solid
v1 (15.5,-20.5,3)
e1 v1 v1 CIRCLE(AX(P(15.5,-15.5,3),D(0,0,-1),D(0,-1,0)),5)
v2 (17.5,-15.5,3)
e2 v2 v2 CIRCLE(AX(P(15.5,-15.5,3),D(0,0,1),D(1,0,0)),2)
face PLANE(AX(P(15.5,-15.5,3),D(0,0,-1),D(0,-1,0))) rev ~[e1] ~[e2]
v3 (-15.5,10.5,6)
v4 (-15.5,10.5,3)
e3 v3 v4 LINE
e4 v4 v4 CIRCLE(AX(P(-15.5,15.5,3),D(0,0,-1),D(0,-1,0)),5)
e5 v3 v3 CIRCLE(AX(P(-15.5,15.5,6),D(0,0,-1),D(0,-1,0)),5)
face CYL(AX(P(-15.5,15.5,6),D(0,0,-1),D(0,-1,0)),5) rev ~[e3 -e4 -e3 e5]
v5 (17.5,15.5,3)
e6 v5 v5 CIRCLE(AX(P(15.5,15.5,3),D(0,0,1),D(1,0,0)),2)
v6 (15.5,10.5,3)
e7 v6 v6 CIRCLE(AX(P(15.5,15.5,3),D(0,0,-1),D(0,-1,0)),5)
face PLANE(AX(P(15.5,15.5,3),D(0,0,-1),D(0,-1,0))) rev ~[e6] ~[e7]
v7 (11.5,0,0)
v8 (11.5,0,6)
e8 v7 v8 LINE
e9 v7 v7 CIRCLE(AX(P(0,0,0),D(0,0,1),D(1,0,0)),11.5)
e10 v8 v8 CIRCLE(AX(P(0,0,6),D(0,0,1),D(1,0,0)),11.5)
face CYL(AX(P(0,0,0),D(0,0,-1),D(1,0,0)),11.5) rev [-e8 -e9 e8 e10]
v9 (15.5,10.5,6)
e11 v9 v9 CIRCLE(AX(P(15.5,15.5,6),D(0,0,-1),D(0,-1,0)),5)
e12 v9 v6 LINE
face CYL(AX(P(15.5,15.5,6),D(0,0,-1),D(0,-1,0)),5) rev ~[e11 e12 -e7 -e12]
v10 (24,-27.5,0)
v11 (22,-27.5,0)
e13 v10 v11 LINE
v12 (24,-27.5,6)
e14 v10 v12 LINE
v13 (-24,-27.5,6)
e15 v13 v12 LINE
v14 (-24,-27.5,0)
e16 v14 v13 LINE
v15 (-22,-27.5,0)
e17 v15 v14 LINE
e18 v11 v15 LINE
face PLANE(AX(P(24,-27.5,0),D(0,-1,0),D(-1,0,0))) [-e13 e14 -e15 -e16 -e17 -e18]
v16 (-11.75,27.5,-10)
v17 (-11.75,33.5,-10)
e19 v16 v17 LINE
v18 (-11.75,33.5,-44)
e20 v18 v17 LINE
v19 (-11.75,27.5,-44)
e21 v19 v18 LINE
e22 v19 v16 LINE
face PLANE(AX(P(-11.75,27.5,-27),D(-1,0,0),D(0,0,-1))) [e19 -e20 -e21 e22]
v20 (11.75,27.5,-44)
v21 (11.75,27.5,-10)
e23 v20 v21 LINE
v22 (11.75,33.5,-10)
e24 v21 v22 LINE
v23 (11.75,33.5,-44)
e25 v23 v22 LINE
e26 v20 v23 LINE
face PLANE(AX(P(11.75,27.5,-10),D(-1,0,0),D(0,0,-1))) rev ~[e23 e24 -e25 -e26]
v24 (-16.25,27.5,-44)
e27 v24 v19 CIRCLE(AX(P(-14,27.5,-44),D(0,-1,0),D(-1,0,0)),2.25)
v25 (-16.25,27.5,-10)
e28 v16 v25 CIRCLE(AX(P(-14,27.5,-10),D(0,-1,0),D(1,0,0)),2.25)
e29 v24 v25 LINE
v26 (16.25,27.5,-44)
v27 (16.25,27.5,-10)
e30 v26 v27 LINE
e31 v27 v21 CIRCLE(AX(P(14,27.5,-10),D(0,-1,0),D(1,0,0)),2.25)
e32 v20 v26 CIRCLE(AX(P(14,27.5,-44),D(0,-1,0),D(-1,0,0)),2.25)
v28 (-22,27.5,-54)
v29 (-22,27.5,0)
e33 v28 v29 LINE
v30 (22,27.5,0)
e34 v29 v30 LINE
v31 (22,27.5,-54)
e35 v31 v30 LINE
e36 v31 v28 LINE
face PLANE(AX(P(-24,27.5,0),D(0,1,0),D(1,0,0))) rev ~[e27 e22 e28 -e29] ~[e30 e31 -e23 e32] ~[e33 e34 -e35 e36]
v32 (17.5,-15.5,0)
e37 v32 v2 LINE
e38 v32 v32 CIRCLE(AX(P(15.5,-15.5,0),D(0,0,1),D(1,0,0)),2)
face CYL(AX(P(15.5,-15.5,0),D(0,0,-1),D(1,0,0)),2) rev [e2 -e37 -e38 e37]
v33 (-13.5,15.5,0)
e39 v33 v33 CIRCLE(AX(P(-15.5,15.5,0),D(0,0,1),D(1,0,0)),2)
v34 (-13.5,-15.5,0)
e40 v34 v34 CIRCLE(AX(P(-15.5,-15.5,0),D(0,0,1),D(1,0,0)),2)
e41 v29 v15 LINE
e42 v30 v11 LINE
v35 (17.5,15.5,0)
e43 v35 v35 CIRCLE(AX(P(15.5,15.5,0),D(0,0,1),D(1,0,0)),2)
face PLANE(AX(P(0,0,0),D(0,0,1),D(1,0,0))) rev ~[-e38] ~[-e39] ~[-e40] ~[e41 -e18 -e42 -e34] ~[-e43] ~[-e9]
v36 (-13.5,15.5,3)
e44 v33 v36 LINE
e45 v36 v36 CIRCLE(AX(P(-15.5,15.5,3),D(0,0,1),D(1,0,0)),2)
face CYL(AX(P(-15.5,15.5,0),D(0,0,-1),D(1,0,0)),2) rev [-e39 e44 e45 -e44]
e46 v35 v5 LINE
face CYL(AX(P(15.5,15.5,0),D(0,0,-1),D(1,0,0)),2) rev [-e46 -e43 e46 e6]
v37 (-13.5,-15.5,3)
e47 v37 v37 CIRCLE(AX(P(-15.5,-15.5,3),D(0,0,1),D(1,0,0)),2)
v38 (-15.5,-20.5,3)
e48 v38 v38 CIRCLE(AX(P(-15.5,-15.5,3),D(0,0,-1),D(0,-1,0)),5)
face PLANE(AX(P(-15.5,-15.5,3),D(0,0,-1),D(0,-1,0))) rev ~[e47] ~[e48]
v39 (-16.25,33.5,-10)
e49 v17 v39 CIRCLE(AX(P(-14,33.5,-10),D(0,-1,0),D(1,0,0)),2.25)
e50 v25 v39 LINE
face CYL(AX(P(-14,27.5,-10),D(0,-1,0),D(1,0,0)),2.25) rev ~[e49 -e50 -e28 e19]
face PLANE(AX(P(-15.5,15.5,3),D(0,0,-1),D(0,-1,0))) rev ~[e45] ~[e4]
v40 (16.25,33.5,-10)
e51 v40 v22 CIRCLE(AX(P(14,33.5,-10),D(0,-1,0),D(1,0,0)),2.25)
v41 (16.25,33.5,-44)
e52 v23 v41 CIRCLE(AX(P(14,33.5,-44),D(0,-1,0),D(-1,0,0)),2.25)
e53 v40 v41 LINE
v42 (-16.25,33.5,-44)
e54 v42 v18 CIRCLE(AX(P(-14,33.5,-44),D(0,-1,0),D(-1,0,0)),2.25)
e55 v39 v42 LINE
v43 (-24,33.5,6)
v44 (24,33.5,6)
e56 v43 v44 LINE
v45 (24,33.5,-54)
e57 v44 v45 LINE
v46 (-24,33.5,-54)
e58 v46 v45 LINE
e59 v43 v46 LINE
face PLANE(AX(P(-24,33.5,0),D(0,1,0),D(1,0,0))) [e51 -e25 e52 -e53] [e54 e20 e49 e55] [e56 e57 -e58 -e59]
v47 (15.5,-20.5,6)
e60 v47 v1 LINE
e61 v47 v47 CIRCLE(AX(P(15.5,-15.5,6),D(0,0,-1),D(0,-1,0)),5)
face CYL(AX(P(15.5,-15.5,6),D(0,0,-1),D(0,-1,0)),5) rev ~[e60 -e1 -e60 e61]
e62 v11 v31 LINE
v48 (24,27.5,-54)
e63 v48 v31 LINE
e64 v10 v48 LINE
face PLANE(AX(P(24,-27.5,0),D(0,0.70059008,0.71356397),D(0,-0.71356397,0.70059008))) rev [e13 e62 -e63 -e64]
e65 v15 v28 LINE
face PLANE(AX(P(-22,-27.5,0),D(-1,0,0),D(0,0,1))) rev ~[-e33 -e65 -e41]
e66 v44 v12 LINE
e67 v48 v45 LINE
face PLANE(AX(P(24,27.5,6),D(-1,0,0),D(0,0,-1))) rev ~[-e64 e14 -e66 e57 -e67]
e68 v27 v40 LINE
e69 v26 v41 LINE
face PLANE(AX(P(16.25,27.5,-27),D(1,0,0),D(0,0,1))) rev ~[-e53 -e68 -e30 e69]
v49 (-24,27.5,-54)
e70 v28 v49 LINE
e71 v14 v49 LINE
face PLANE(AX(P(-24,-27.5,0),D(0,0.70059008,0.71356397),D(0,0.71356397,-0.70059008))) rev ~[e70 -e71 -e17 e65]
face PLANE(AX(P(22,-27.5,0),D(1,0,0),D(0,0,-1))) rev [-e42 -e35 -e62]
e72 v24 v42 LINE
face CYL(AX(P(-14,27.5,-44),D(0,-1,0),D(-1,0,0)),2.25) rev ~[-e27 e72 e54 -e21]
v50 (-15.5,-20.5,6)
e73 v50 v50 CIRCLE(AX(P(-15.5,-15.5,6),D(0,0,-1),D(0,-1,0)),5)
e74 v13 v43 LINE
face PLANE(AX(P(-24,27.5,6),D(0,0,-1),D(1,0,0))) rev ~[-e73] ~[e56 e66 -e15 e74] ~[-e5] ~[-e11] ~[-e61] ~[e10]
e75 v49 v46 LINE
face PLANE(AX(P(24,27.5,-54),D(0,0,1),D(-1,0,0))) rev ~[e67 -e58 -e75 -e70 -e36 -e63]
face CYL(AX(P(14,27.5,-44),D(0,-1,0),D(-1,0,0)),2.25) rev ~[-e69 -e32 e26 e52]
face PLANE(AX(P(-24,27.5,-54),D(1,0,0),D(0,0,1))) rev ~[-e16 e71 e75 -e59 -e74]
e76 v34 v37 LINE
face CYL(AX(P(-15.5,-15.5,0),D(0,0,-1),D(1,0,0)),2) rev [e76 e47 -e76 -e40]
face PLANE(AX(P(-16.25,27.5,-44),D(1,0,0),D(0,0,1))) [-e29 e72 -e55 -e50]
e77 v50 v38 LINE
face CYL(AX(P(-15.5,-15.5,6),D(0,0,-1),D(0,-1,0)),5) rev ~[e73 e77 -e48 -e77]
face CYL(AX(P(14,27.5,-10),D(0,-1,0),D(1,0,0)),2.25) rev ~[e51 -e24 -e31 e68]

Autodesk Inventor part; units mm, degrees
ref_plane "YZ Plane" through (0, 0, 0) normal (1, 0, 0) x (0, 1, 0)
ref_plane "XZ Plane" through (0, 0, 0) normal (0, 1, 0) x (-1, 0, 0)
ref_plane "XY Plane" through (0, 0, 0) normal (0, 0, 1) x (1, 0, 0)
sketch "Sketch1" plane through (0, 0, 0) normal (0, 0, 1) x (1, 0, 0)
  line L0 (-24, 27.5) -> (24, 27.5)
  line L1 (24, 27.5) -> (24, -27.5)
  line L2 (24, -27.5) -> (-24, -27.5)
  line L3 (-24, -27.5) -> (-24, 27.5)
  line L4 (-24, 27.5) -> (24, -27.5) construction
  line L5 (24, 27.5) -> (-24, -27.5) construction
  circle A0 centre (0, 0) radius 11.5
  line L6 (-15.5, 15.5) -> (15.5, -15.5) construction
  line L7 (15.5, 15.5) -> (-15.5, -15.5) construction
  circle A1 centre (-15.5, 15.5) radius 2
  circle A2 centre (15.5, 15.5) radius 2
  circle A3 centre (-15.5, -15.5) radius 2
  circle A4 centre (15.5, -15.5) radius 2
  dimension "d0" = 48
  dimension "d1" = 55
  dimension "d2" = 23
  dimension "d3" = 31
  dimension "d4" = 31
  dimension "d5" = 4
  dimension "d6" = 4
  dimension "d7" = 4
  dimension "d8" = 4
extrude "Extrusion1" add sketch "Sketch1" along normal blind 6
sketch "Sketch2" plane through (0, 0, 6) normal (0, 0, 1) x (1, 0, 0)
  circle A0 centre (-15.5, 15.5) radius 2 projected
  circle A1 centre (15.5, 15.5) radius 2 projected
  circle A2 centre (15.5, -15.5) radius 2 projected
  circle A3 centre (-15.5, -15.5) radius 2 projected
  point P0 (0, 0)
hole "Hole1" at (-15.5, 15.5, 6) at (15.5, 15.5, 6) at (15.5, -15.5, 6) at (-15.5, -15.5, 6) direction (0, 0, -1) diameter 4 end through all counterbore diameter 10 counterbore depth 3
sketch "Sketch4" plane through (-24, 27.5, 0) normal (0, 1, 0) x (1, 0, 0)
  line L0 (0, 0) -> (0, -6) projected
  line L1 (0, -6) -> (48, -6)
  line L2 (48, -6) -> (48, 54)
  line L3 (48, 54) -> (0, 54)
  line L4 (0, 54) -> (0, -6)
  point P0 (24, 0)
  dimension "d20" = 60
extrude "Extrusion2" add sketch "Sketch4" along normal blind 6
sketch "Sketch5" plane through (-24, 27.5, 0) normal (0, -1, 0) x (1, 0, 0)
  arc A0 (7.75, -44) -> (12.25, -44) centre (10, -44) ccw
  line L0 (0, -54) -> (0, 0) projected
  line L1 (0, -27) -> (48, -27)
  line L2 (48, 6) -> (48, -54) projected
  line L3 (24, 0) -> (24, -54)
  line L4 (48, -54) -> (0, -54) projected
  arc A1 (12.25, -10) -> (7.75, -10) centre (10, -10) ccw
  line L5 (7.75, -44) -> (7.75, -10)
  line L6 (12.25, -10) -> (12.25, -44)
  arc A2 (35.75, -44) -> (40.25, -44) centre (38, -44) ccw
  arc A3 (40.25, -10) -> (35.75, -10) centre (38, -10) ccw
  line L7 (40.25, -44) -> (40.25, -10)
  line L8 (35.75, -10) -> (35.75, -44)
  dimension "d23" = 4.5
  dimension "d25" = 10
  dimension "d26" = 10
extrude "Extrusion3" cut sketch "Sketch5" against normal through all contours L5 L1 L6 A0 | L5 A1 L6 L1 | L8 A3 L7 L1 | L1 L7 A2 L8
sketch "Sketch6" plane through (-24, -27.5, 0) normal (-1, 0, 0) x (0, 0, 1)
  line L0 (6, 0) -> (6, 61) projected
  line L1 (6, 0) -> (0, 0)
  line L2 (-54, 55) -> (0, 55) projected
  line L3 (0, 0) -> (-54, 55)
  line L4 (-54, 55) -> (-54, 61)
  line L5 (-54, 61) -> (6, 61) projected
  line L6 (-54, 61) -> (6, 61)
  line L7 (6, 0) -> (6, 61) projected
  line L8 (6, 61) -> (6, 0)
  line L9 (0, 0) -> (6, 0) projected
  line L10 (6, 0) -> (0, 0)
  point P0 (0, 27.5)
extrude "Extrusion4" add sketch "Sketch6" against normal blind 2
ref_plane "Work Plane1" through (0, -27.5, 6) normal (-1, 0, 0) x (0, 0, 1)
mirror "Mirror1" about plane through (0, -27.5, 6) normal (-1, 0, 0) of "Extrusion4"
properties part number "CarroXY-Motor"
